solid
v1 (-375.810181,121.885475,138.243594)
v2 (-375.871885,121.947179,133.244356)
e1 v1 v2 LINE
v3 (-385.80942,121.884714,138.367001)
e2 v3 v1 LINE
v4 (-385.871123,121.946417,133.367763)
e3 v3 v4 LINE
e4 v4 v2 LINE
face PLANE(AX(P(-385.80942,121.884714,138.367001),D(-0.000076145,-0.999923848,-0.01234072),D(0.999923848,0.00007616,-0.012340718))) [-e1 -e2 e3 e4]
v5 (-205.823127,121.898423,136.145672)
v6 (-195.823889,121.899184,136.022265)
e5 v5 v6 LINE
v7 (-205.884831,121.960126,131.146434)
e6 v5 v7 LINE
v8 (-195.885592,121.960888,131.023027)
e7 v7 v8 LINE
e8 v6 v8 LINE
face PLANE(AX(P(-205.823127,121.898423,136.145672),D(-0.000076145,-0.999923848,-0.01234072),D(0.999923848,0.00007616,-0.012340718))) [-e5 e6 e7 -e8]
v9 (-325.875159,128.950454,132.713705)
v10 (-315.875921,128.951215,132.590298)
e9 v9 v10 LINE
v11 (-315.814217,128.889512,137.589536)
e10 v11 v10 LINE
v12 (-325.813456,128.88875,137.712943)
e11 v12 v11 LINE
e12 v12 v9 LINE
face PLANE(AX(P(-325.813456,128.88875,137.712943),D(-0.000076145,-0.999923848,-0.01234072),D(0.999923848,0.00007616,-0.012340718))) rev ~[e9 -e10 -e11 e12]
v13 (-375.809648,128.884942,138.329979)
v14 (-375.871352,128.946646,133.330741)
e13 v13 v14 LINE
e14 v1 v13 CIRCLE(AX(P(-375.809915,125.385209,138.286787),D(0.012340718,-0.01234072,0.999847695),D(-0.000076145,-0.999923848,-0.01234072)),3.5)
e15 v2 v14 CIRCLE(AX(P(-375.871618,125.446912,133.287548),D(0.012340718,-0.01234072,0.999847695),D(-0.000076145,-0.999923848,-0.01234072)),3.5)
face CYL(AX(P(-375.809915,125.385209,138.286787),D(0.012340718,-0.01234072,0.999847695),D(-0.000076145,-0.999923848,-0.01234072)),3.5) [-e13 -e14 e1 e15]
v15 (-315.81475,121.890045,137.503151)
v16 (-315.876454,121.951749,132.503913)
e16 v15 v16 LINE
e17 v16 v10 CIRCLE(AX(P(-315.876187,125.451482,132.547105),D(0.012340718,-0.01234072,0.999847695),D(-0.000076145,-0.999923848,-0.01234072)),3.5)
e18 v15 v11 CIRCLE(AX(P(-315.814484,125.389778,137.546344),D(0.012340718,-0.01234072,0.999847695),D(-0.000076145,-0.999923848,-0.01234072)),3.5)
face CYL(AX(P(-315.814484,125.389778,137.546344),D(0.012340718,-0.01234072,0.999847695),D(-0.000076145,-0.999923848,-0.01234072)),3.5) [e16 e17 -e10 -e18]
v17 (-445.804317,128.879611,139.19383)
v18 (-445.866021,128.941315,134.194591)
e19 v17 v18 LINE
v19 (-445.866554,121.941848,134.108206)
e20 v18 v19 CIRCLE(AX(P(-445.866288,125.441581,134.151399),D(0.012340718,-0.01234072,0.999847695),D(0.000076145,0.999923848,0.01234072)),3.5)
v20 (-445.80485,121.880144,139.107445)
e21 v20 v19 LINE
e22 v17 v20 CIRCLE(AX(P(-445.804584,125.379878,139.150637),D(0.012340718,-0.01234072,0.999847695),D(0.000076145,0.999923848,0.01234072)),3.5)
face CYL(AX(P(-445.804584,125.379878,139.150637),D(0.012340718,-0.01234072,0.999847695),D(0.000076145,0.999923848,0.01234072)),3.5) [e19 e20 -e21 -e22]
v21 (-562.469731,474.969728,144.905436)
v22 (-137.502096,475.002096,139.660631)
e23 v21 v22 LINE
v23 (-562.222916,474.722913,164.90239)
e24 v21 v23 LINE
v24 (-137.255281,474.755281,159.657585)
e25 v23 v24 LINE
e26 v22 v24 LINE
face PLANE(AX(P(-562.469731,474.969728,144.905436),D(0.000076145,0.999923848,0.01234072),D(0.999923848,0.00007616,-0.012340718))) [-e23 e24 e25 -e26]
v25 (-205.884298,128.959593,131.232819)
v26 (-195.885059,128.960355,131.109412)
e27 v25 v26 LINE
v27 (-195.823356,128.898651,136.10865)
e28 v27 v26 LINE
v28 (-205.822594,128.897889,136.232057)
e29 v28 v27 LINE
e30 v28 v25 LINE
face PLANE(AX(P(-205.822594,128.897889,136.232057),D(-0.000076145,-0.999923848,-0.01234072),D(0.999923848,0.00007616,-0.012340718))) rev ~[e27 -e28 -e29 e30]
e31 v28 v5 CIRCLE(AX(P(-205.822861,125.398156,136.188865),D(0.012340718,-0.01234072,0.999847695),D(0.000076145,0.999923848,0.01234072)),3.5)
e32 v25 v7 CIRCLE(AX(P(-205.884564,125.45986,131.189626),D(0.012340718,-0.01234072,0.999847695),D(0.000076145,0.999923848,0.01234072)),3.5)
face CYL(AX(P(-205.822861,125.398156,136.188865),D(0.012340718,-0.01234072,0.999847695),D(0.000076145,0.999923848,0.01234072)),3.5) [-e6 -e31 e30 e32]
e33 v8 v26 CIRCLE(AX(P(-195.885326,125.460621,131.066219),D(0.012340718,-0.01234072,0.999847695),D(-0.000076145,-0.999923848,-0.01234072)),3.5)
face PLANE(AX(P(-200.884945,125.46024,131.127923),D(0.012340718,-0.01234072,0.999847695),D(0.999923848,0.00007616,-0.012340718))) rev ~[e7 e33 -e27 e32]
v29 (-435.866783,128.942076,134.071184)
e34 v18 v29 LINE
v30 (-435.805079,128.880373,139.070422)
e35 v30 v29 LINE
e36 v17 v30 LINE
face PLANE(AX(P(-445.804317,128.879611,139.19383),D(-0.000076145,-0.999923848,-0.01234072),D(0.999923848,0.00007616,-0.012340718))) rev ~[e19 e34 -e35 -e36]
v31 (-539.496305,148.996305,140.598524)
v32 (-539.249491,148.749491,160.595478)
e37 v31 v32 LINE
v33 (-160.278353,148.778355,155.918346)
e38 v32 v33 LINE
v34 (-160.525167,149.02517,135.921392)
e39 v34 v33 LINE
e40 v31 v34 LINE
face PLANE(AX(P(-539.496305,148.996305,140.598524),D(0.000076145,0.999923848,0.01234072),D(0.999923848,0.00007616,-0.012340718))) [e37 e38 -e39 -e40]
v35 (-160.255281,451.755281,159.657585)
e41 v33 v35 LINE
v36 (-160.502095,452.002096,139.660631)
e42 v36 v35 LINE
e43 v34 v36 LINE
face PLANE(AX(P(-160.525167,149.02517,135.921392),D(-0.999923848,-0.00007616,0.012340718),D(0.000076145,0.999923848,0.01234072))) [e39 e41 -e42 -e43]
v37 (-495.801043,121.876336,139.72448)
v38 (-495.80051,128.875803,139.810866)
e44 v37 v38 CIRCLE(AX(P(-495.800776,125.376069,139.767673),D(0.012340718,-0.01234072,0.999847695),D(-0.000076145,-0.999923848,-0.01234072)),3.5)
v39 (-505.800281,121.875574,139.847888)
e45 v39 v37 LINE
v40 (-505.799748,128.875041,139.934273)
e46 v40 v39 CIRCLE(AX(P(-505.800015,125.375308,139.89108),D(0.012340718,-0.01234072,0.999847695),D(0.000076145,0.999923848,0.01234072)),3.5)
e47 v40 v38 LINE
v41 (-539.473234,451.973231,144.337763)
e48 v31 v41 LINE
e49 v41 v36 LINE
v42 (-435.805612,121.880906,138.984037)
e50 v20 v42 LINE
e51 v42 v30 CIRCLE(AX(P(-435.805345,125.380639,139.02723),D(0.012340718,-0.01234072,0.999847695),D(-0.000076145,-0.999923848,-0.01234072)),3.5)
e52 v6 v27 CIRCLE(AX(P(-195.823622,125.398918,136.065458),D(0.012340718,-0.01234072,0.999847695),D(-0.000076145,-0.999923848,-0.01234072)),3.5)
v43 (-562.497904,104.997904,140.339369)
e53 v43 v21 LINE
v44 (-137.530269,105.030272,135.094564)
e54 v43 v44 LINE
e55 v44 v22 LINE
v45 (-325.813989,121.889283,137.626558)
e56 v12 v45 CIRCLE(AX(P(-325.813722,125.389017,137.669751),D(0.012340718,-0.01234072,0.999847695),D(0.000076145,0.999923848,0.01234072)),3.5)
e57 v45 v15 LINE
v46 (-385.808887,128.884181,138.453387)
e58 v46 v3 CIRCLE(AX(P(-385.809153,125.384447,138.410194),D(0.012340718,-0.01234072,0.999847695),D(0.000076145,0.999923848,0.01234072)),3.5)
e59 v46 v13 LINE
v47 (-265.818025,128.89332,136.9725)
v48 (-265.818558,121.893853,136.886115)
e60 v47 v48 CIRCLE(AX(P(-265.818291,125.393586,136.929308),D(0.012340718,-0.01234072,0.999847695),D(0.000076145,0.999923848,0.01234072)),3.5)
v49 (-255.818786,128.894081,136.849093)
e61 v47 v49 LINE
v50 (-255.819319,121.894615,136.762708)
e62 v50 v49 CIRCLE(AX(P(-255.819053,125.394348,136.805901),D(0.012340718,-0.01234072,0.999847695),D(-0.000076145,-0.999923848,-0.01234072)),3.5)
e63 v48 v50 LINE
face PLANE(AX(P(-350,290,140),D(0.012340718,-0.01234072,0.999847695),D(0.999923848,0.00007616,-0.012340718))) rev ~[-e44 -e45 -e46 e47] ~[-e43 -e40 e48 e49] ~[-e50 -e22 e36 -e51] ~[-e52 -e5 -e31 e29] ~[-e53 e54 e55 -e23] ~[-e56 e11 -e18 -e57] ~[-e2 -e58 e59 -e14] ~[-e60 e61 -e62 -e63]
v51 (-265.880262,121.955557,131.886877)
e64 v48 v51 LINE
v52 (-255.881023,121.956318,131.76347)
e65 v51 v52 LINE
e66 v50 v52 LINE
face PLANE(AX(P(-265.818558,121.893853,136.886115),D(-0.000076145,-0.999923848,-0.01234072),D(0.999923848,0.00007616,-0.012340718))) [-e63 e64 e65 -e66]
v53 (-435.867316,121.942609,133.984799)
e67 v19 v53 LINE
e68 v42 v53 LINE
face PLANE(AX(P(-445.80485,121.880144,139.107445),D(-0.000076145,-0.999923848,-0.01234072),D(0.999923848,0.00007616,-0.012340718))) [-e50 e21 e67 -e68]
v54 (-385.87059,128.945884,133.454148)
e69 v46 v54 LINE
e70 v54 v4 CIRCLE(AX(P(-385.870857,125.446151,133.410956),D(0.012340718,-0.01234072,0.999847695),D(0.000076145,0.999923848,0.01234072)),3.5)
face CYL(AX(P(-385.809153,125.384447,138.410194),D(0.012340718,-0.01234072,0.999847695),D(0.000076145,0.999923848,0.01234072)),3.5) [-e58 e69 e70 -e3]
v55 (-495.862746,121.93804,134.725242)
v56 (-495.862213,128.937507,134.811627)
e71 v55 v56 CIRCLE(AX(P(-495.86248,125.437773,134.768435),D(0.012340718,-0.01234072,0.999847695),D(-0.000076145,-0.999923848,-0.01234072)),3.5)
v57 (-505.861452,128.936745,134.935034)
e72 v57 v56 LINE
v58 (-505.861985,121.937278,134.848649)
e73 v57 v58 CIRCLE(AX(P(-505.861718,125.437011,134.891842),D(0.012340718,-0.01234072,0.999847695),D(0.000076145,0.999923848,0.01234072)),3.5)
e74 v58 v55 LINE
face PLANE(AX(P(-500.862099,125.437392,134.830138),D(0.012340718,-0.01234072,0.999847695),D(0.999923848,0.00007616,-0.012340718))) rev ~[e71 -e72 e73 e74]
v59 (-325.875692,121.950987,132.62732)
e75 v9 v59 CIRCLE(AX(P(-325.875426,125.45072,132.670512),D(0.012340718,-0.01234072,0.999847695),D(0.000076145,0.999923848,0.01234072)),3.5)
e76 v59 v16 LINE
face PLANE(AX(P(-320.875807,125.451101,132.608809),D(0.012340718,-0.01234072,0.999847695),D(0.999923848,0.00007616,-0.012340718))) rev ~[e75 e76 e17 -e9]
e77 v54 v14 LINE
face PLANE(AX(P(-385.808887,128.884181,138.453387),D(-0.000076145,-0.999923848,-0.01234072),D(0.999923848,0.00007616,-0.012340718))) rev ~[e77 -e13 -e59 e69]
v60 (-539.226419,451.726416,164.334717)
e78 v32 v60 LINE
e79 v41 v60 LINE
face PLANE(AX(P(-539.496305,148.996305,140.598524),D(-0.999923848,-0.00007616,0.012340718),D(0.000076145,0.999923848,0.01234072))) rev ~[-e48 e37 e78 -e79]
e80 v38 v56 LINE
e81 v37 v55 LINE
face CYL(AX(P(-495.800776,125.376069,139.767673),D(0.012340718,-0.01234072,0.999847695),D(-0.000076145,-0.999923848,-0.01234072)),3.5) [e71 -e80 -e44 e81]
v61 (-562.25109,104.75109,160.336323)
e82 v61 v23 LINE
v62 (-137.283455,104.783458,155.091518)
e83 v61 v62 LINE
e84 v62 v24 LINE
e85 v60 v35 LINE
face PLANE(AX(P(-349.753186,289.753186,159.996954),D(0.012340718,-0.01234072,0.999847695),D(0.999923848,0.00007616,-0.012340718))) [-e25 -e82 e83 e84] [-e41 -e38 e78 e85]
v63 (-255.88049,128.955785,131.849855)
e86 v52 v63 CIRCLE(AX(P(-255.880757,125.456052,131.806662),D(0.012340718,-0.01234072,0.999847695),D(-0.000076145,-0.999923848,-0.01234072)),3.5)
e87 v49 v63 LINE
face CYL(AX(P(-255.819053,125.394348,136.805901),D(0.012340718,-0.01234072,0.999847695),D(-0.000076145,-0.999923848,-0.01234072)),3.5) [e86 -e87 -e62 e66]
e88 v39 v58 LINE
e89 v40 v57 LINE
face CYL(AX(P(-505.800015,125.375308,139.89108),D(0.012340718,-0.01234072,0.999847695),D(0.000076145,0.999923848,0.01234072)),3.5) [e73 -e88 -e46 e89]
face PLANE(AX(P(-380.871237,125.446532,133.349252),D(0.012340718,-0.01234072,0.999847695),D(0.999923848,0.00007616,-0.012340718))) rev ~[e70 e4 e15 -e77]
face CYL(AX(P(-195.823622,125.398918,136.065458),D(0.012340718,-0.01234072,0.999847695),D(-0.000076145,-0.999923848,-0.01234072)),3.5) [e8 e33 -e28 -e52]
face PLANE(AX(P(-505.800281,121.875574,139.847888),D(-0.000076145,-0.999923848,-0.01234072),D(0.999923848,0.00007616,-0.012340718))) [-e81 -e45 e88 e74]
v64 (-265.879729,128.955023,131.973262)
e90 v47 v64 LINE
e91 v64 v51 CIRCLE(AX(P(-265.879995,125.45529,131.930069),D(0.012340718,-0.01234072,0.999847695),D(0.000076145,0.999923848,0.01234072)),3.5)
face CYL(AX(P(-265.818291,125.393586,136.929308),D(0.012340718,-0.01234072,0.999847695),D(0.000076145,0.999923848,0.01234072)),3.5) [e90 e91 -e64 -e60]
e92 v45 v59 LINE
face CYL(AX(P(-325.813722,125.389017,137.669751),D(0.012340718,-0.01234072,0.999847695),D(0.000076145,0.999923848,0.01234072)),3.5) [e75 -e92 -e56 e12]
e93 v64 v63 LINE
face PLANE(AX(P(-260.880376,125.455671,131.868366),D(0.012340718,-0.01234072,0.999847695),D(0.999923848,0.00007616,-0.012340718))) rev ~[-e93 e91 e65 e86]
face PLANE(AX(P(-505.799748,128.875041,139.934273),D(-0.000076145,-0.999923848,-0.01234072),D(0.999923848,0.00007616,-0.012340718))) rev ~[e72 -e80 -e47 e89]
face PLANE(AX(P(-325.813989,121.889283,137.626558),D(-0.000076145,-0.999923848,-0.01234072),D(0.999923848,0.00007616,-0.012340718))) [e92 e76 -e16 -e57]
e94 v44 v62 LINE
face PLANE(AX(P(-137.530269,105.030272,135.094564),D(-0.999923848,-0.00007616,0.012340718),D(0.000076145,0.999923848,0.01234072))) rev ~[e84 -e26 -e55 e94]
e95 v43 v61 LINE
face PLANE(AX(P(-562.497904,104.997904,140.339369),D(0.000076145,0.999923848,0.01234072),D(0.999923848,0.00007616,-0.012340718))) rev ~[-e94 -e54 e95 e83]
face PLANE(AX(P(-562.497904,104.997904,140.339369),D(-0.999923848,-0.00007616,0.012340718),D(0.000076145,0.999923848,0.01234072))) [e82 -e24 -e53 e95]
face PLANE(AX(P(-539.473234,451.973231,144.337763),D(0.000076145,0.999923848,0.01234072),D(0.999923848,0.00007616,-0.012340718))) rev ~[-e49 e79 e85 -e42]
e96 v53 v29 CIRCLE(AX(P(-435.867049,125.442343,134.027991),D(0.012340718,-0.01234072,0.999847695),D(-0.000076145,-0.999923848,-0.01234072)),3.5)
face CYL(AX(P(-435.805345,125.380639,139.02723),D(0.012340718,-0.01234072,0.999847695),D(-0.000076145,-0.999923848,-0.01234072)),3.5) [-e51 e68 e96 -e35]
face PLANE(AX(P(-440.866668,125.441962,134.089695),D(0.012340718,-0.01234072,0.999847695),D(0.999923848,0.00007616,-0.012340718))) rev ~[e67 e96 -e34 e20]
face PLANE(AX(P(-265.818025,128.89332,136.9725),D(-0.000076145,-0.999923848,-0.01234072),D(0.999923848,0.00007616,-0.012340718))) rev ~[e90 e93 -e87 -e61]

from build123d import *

# Parameters (mm, degrees)
SKETCH007_W             = 425
SKETCH007_H             = 370
SKETCH007_W_2           = 379
SKETCH007_H_2           = 303
PAD003_DEPTH            = 20
PAD004_DEPTH            = 5
LINEARPATTERN001_COUNT  = 6
LINEARPATTERN001_PITCH  = 60
BODY001_ROLL_ANGLE      = 0.707143
BODY001_PITCH_ANGLE     = 0.707089
BODY001_PLACEMENT_ANGLE = 0.004364


with BuildPart() as part:
    # Sketch007 → Pad003 (new body)
    with BuildSketch(Plane.XY):
        Rectangle(SKETCH007_W, SKETCH007_H)
        with Locations((0, 10.5)):
            Rectangle(SKETCH007_W_2, SKETCH007_H_2, mode=Mode.SUBTRACT)
    extrude(amount=PAD003_DEPTH)

    # Sketch008 → Pad004 (join)
    with BuildSketch(Plane.XY):
        with BuildLine():
            ThreePointArc((-155.799344, -161.125363), (-159.299344, -164.625363), (-155.799344, -168.125363))
            Line((-155.799344, -168.125363), (-145.799344, -168.125363))
            ThreePointArc((-145.799344, -168.125363), (-142.299344, -164.625363), (-145.799344, -161.125363))
            Line((-155.799344, -161.125363), (-145.799344, -161.125363))
        make_face()
    pad004 = extrude(amount=-PAD004_DEPTH)

    # LinearPattern001: Pad004 ×6
    with Locations(*[(i * LINEARPATTERN001_PITCH, 0, 0) for i in range(1, LINEARPATTERN001_COUNT)]):
        add(pad004)


with BuildPart() as part_1:
    # Body001 roll: moved
    add(part.part.rotate(Axis((0, 0, 0), (1, 0, 0)), BODY001_ROLL_ANGLE))


with BuildPart() as part_2:
    # Body001 pitch: moved
    add(part_1.part.rotate(Axis((0, 0, 0), (0, 1, 0)), BODY001_PITCH_ANGLE))


with BuildPart() as part_3:
    # Body001 placement: moved
    add(part_2.part.moved(Location((-350, 290, 140))).rotate(Axis((-350, 290, 140), (0, 0, 1)), BODY001_PLACEMENT_ANGLE))


solid = part_3.part
